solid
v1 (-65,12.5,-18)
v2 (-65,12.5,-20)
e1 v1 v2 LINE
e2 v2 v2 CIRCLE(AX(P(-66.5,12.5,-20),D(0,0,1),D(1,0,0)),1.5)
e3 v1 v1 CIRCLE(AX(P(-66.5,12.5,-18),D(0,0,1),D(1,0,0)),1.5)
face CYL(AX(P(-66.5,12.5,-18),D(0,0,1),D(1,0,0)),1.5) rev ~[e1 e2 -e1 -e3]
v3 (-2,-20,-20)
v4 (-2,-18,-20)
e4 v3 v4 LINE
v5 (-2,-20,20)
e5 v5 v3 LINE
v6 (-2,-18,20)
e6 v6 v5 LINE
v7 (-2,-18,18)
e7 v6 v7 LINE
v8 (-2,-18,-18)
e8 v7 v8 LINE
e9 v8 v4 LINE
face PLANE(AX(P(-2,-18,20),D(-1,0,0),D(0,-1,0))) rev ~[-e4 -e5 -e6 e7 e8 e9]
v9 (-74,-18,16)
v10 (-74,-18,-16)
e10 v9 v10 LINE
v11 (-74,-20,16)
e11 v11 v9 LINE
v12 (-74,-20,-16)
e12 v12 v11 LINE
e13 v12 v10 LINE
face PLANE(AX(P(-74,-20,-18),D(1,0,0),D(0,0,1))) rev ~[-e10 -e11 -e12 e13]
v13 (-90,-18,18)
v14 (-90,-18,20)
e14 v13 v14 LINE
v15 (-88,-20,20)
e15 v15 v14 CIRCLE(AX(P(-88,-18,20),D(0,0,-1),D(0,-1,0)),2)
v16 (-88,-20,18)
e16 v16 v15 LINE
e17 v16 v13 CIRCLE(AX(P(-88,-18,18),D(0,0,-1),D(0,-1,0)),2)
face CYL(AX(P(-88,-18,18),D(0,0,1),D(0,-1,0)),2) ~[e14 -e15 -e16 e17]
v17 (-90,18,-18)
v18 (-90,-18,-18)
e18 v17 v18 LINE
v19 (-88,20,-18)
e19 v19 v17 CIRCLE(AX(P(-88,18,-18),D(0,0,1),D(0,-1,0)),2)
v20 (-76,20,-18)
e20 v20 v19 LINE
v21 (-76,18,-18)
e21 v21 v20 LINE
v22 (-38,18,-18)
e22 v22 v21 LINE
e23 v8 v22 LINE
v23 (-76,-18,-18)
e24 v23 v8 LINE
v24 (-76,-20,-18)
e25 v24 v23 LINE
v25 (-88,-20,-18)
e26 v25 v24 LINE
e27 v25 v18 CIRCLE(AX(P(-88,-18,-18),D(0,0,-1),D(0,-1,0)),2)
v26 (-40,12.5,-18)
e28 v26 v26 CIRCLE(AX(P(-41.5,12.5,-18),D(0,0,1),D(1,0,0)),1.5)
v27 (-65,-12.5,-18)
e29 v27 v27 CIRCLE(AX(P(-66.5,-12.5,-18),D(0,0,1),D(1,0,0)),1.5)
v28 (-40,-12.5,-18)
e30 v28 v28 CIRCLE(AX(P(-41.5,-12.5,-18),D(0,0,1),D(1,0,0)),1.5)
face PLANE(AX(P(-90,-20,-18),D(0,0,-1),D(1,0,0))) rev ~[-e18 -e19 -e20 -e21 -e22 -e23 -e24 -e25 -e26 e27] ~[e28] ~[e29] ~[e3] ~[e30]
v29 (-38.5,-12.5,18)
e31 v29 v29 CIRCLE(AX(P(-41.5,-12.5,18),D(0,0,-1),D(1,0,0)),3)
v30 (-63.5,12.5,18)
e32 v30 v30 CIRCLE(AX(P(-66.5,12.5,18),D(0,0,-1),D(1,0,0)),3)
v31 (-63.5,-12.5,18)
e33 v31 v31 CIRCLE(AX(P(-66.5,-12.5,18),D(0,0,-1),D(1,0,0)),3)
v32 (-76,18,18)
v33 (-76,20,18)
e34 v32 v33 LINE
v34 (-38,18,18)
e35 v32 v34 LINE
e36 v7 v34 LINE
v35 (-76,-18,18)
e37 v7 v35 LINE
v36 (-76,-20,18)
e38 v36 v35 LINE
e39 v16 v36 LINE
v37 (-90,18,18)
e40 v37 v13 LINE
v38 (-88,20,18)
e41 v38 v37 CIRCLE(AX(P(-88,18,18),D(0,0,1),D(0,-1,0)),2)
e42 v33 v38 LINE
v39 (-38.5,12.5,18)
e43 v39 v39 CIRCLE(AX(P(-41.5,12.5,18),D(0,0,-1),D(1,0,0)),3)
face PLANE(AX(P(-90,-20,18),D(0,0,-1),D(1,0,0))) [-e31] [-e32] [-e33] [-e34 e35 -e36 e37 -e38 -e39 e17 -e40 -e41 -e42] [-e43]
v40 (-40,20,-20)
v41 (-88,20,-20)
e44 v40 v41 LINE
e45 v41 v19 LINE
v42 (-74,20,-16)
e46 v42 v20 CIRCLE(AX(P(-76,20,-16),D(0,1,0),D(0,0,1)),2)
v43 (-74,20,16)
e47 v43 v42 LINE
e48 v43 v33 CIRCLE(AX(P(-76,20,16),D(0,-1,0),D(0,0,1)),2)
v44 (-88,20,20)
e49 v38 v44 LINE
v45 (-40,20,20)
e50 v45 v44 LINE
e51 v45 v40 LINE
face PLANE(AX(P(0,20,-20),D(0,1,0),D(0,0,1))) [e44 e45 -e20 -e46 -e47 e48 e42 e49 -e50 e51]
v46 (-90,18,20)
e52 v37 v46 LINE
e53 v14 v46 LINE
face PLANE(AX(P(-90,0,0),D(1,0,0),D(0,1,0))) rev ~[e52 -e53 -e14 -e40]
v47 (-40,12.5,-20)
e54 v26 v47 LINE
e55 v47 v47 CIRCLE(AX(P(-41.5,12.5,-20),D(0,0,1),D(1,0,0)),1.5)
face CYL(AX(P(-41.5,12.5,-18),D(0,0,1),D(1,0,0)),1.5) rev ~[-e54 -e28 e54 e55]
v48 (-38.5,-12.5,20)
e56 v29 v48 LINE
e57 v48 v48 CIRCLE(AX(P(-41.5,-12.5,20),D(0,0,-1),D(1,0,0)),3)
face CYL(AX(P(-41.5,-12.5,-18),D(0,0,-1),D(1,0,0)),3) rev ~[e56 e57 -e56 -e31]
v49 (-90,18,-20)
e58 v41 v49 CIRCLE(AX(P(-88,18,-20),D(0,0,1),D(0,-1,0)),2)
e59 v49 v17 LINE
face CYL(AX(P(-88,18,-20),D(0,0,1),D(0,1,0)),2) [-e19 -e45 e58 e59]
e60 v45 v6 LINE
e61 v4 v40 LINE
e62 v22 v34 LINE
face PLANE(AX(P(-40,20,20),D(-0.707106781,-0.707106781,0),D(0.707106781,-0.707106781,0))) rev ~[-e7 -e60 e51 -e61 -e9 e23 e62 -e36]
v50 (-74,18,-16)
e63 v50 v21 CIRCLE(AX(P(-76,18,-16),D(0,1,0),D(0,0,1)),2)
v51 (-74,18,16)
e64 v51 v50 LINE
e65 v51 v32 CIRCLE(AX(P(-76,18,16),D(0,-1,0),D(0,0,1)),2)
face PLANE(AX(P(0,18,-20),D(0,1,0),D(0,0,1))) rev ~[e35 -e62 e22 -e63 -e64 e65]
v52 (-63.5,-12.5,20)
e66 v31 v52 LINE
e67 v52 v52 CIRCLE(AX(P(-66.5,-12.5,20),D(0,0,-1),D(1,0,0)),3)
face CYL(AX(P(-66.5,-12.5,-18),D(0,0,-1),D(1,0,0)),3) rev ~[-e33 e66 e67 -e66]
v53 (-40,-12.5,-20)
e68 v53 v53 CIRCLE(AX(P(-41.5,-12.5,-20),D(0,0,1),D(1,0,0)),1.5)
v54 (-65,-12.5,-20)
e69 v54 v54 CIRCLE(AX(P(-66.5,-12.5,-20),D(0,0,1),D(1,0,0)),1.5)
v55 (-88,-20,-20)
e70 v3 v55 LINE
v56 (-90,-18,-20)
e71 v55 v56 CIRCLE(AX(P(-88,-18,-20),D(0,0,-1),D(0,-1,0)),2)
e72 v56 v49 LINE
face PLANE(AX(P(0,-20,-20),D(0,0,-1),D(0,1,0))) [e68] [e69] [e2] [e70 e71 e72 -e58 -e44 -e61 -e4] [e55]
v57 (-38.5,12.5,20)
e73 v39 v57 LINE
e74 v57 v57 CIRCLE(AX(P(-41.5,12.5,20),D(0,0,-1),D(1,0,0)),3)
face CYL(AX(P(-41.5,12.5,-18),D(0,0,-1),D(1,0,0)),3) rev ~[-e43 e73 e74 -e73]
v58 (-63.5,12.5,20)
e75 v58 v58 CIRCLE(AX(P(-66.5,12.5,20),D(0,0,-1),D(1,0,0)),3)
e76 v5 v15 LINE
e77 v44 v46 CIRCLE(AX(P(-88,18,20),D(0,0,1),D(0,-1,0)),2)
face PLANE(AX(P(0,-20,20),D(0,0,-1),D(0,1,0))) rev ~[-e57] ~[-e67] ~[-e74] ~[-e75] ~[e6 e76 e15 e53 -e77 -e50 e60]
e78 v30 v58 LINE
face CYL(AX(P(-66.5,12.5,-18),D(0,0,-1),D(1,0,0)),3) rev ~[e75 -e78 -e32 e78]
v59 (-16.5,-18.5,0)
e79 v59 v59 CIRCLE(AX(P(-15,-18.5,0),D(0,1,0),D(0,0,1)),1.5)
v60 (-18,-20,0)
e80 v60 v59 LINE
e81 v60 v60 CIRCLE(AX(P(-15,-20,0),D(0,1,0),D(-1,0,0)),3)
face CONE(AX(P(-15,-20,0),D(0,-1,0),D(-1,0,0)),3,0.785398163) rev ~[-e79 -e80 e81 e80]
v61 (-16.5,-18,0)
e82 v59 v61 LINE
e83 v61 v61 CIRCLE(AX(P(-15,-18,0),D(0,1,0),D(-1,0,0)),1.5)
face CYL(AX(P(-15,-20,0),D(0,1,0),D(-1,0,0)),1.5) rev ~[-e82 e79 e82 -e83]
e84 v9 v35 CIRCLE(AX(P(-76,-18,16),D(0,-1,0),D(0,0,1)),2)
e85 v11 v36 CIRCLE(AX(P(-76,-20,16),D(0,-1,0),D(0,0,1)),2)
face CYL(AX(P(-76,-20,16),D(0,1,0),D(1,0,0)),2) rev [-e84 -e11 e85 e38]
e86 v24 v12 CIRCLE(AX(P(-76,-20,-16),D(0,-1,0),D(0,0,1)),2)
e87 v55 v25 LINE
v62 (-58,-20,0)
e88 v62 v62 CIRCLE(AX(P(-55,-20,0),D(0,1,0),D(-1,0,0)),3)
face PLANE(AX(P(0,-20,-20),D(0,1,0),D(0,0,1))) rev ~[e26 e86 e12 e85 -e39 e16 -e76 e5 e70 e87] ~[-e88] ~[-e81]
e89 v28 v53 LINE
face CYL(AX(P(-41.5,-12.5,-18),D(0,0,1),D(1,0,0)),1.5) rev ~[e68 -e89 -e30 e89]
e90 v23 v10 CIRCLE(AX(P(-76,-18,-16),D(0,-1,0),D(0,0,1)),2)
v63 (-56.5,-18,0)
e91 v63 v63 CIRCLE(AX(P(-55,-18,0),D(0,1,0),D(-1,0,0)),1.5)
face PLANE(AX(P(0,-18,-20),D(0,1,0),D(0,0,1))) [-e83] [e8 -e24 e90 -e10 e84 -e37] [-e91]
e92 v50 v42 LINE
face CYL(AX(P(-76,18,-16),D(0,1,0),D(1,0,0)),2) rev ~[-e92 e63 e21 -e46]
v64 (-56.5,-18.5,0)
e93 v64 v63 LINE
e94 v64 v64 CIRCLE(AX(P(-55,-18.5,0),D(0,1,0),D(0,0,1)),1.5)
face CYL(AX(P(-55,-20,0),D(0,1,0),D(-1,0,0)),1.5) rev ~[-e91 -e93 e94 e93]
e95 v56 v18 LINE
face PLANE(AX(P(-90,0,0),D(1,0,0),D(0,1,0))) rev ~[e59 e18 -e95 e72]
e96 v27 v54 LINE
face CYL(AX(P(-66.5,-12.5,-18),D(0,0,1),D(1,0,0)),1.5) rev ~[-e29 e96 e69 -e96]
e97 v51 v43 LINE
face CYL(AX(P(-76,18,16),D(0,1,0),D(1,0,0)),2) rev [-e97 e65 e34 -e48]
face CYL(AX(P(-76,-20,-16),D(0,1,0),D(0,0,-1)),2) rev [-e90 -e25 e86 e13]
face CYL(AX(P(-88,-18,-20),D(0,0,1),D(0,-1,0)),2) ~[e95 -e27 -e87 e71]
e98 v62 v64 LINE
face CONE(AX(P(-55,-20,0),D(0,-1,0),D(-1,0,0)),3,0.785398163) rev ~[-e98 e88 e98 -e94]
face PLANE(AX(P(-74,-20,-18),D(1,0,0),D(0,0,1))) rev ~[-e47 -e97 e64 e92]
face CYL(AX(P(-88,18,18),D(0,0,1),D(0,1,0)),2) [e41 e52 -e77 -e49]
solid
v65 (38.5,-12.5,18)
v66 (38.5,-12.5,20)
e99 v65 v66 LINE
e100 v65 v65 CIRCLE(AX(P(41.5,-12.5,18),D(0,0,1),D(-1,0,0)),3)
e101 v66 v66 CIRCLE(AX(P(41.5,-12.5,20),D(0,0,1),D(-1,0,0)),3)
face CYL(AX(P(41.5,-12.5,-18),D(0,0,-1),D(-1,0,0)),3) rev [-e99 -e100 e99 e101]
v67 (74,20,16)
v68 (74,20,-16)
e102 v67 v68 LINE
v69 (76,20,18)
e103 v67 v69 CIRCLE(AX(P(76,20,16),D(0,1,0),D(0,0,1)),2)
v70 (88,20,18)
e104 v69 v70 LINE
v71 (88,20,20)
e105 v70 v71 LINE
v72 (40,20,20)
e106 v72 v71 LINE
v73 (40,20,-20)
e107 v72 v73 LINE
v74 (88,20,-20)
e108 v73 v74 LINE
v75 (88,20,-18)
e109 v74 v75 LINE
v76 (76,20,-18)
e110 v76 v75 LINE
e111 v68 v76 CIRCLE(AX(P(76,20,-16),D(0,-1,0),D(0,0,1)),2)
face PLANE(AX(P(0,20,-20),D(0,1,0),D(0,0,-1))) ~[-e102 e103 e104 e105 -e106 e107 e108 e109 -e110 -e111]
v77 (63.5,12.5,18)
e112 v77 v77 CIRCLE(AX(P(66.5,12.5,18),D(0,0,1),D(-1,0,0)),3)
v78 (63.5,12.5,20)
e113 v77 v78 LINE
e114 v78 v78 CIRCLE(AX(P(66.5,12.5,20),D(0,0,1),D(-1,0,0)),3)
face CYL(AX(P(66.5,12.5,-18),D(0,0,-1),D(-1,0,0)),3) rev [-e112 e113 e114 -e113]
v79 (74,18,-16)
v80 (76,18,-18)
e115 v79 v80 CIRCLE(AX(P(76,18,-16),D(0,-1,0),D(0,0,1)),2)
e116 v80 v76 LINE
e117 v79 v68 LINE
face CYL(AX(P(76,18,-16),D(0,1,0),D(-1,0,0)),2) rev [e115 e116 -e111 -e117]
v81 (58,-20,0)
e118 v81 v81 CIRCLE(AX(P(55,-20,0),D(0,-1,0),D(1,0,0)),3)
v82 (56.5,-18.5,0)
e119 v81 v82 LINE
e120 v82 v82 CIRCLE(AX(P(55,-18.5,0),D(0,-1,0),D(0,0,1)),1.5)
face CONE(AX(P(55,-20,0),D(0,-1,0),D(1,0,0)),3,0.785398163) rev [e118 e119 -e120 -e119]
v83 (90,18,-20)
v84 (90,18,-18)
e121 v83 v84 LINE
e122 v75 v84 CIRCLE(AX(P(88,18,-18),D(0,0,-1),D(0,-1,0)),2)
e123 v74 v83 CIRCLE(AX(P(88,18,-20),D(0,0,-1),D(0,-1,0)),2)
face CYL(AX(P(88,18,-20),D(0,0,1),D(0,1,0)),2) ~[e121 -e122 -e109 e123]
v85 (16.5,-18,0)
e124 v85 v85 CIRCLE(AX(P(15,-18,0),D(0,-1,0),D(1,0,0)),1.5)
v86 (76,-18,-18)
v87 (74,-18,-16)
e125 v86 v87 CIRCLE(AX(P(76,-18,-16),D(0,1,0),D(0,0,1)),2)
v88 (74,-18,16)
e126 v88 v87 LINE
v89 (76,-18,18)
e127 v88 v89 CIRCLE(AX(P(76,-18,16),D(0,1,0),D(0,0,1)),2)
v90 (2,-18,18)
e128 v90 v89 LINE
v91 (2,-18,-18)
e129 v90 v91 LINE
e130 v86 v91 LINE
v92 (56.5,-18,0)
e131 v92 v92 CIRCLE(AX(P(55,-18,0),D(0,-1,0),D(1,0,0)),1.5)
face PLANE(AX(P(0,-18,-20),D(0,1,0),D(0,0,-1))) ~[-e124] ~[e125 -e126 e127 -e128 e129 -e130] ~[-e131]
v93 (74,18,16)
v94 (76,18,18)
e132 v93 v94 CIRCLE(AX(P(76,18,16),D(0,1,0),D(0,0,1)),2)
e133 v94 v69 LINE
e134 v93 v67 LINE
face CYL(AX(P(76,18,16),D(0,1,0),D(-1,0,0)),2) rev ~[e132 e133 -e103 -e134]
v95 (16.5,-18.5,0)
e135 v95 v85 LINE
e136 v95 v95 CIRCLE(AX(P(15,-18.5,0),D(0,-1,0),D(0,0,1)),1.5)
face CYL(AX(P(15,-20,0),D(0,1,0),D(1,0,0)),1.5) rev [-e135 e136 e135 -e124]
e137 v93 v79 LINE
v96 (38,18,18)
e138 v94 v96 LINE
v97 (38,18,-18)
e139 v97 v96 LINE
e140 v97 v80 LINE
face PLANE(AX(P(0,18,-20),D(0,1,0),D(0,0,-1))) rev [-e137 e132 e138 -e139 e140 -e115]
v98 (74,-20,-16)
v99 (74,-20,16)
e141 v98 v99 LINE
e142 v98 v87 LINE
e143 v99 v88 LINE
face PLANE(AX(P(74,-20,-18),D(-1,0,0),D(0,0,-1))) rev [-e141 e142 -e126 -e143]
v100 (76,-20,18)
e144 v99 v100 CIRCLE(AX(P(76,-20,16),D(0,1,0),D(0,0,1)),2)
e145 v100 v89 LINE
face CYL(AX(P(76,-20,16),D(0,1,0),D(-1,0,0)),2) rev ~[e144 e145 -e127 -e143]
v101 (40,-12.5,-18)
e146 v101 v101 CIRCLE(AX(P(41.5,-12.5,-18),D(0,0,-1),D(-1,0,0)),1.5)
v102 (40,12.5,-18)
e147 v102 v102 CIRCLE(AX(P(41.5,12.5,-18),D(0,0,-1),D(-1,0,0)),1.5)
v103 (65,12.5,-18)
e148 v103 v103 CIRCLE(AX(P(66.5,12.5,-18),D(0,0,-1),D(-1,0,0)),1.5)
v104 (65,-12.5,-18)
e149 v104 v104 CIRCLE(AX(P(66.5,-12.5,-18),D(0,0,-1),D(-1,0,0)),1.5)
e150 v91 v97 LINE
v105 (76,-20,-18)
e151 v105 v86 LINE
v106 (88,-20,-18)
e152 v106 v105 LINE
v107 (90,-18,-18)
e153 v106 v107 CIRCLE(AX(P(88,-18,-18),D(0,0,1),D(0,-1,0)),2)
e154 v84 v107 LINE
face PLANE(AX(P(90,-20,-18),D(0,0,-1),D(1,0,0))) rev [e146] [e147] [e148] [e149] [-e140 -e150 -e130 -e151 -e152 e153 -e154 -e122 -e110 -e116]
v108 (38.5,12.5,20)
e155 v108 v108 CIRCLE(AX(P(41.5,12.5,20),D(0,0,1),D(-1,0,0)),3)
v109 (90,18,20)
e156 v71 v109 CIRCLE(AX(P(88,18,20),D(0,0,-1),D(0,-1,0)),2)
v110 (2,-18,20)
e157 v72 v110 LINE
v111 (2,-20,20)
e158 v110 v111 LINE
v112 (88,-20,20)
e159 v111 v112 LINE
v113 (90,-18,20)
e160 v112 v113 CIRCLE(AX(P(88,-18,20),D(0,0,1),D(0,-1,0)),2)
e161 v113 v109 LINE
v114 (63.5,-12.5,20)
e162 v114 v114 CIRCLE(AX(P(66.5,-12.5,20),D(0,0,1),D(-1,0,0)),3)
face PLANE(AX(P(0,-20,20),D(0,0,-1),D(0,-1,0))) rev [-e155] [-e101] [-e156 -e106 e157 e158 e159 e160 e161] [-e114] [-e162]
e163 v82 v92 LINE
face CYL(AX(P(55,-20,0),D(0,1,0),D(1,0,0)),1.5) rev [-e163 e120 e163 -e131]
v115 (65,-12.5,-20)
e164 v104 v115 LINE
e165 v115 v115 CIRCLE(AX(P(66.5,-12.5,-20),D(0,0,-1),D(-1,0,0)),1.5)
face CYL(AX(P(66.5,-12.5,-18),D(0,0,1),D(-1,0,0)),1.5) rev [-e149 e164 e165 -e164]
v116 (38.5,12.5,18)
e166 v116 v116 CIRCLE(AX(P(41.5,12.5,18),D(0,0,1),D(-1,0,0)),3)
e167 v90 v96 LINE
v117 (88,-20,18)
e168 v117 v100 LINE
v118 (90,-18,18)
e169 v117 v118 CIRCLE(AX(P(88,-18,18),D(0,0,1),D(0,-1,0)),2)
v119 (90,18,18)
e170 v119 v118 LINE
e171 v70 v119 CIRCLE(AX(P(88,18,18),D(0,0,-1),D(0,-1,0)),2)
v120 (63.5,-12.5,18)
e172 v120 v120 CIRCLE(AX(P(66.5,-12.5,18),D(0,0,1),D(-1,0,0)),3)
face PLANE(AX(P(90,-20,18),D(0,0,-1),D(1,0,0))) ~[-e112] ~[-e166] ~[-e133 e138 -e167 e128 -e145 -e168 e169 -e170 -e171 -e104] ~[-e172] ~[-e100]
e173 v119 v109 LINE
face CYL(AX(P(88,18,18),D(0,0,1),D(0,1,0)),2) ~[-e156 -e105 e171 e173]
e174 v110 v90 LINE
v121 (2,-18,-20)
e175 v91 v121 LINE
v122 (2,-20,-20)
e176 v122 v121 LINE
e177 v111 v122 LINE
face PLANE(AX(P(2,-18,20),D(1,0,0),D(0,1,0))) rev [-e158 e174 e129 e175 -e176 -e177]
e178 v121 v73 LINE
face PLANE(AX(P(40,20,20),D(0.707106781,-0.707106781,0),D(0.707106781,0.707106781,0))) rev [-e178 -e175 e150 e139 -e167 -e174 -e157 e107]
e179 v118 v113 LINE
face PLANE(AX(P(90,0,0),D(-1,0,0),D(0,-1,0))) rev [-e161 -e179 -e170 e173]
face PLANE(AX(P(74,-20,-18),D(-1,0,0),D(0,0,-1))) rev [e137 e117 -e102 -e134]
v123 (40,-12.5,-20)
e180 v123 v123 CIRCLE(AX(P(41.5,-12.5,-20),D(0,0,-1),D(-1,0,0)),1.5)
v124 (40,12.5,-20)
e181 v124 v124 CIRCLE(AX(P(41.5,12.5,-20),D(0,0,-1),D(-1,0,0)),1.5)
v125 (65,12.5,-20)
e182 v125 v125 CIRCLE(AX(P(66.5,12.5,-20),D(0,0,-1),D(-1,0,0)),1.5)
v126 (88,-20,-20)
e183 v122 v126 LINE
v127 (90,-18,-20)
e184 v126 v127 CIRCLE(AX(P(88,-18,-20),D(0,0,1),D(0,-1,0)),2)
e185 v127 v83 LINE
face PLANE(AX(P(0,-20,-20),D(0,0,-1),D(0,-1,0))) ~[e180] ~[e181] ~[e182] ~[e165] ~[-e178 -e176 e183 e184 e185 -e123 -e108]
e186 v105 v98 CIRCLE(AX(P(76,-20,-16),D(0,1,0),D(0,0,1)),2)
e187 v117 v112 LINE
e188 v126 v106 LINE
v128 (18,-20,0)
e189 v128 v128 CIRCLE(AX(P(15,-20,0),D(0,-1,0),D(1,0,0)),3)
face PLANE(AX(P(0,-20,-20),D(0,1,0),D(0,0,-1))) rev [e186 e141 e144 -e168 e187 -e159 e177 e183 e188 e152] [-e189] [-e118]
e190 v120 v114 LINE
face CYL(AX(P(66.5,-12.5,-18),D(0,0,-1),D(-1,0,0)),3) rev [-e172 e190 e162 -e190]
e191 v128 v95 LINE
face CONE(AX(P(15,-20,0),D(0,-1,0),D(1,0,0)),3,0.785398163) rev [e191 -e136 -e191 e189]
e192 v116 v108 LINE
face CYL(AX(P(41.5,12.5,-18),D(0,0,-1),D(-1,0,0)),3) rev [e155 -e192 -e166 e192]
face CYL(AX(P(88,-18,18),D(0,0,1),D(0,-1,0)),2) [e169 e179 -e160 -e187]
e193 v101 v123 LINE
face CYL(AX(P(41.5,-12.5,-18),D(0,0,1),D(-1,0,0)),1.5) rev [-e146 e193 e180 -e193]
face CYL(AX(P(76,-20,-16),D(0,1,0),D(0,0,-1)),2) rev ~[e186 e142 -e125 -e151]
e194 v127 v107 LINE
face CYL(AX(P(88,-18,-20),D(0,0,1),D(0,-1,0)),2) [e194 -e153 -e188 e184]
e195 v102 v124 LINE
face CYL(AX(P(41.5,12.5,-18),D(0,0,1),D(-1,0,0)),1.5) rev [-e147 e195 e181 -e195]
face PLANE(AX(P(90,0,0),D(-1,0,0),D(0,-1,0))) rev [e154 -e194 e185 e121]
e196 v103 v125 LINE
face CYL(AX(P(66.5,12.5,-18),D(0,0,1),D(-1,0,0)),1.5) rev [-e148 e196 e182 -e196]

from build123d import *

# Parameters (mm, degrees)
F0_W            = 40
F0_H            = 40
F1_DEPTH        = 90
F2_T            = -2
F4_D            = 3
F4_DEPTH        = 3
F4_TIP          = 0.9012909285
F5_D            = 6
F5_DEPTH        = 40
F5_TIP          = 1.8025818571
F7_DEPTH        = 40.001
F8_W            = 16
F8_H            = 36
F9_DEPTH        = 40.001
F10_R           = 2
F11_D           = 3
F11_DEPTH       = 3
F11_CSINK_D     = 6
F11_CSINK_ANGLE = 90
F11_TIP         = 0.9012909285


with BuildPart() as f1:
    # F0 (on Right) → F1 (new body)
    with BuildSketch(Plane.YZ):
        Rectangle(F0_W, F0_H)
    extrude(amount=-F1_DEPTH)

    # F2
    f2_openings = [f1.faces().sort_by_distance(p)[0] for p in [
        (-90, 0, 0),
        (0, 0, 0),
    ]]
    offset(amount=F2_T, openings=f2_openings)

    # F4 (one way)
    with BuildSketch(Plane.XY.offset(-18)):
        with Locations((-66.5, 12.5), (-66.5, -12.5), (-41.5, -12.5), (-41.5, 12.5)):
            Circle(F4_D / 2)
    extrude(amount=-F4_DEPTH, mode=Mode.SUBTRACT)
    with Locations(Plane.XY.offset(-18)):
        with Locations((-66.5, 12.5), (-66.5, -12.5), (-41.5, -12.5), (-41.5, 12.5)):
            with Locations((0, 0, -(F4_DEPTH + F4_TIP / 2))):  # 118° drill point
                Cone(0, F4_D / 2, F4_TIP, mode=Mode.SUBTRACT)

    # F5 (one way)
    with BuildSketch(Plane(origin=(0, 0, -18), x_dir=(1, 0, 0), z_dir=(0, 0, -1))):
        with Locations((-66.5, -12.5), (-41.5, -12.5), (-66.5, 12.5), (-41.5, 12.5)):
            Circle(F5_D / 2)
    extrude(amount=-F5_DEPTH, mode=Mode.SUBTRACT)
    with Locations(Plane(origin=(0, 0, -18), x_dir=(1, 0, 0), z_dir=(0, 0, -1))):
        with Locations((-66.5, -12.5), (-41.5, -12.5), (-66.5, 12.5), (-41.5, 12.5)):
            with Locations((0, 0, -(F5_DEPTH + F5_TIP / 2))):  # 118° drill point
                Cone(0, F5_D / 2, F5_TIP, mode=Mode.SUBTRACT)

    # F6 (on face) → F7 (cut, through all)
    with BuildSketch(Plane.XY.offset(20)):
        Polygon((-2, -18), (0, -20), (0, 20), (-40, 20), align=None)
        Polygon((-2, -20), (0, -20), (-2, -18), align=None)
    extrude(amount=-F7_DEPTH, mode=Mode.SUBTRACT)

    # F8 (on face) → F9 (cut, through all)
    with BuildSketch(Plane.XZ.offset(20)):
        with Locations((-82, 0)):
            Rectangle(F8_W, F8_H)
    extrude(amount=-F9_DEPTH, mode=Mode.SUBTRACT)

    # F10
    f10_edges = [f1.edges().sort_by_distance(p)[0] for p in [
        (-74, -19, 18),
        (-74, 19, 18),
        (-74, 19, -18),
        (-74, -19, -18),
        (-90, 20, 19),
        (-90, -20, 19),
        (-90, -20, -19),
        (-90, 20, -19),
    ]]
    fillet(f10_edges, radius=F10_R)

    # F11
    with Locations(Plane.XZ.offset(20)):
        with Locations((-55, 0), (-15, 0)):
            CounterSinkHole(F11_D / 2, F11_CSINK_D / 2, depth=F11_DEPTH, counter_sink_angle=F11_CSINK_ANGLE)
            with Locations((0, 0, -(F11_DEPTH + F11_TIP / 2))):  # 118° drill point
                Cone(0, F11_D / 2, F11_TIP, mode=Mode.SUBTRACT)


with BuildPart() as f12_1:
    # F12: instance of F1
    add(f1.part.mirror(Plane.YZ))


solid = Compound([f1.part, f12_1.part])
